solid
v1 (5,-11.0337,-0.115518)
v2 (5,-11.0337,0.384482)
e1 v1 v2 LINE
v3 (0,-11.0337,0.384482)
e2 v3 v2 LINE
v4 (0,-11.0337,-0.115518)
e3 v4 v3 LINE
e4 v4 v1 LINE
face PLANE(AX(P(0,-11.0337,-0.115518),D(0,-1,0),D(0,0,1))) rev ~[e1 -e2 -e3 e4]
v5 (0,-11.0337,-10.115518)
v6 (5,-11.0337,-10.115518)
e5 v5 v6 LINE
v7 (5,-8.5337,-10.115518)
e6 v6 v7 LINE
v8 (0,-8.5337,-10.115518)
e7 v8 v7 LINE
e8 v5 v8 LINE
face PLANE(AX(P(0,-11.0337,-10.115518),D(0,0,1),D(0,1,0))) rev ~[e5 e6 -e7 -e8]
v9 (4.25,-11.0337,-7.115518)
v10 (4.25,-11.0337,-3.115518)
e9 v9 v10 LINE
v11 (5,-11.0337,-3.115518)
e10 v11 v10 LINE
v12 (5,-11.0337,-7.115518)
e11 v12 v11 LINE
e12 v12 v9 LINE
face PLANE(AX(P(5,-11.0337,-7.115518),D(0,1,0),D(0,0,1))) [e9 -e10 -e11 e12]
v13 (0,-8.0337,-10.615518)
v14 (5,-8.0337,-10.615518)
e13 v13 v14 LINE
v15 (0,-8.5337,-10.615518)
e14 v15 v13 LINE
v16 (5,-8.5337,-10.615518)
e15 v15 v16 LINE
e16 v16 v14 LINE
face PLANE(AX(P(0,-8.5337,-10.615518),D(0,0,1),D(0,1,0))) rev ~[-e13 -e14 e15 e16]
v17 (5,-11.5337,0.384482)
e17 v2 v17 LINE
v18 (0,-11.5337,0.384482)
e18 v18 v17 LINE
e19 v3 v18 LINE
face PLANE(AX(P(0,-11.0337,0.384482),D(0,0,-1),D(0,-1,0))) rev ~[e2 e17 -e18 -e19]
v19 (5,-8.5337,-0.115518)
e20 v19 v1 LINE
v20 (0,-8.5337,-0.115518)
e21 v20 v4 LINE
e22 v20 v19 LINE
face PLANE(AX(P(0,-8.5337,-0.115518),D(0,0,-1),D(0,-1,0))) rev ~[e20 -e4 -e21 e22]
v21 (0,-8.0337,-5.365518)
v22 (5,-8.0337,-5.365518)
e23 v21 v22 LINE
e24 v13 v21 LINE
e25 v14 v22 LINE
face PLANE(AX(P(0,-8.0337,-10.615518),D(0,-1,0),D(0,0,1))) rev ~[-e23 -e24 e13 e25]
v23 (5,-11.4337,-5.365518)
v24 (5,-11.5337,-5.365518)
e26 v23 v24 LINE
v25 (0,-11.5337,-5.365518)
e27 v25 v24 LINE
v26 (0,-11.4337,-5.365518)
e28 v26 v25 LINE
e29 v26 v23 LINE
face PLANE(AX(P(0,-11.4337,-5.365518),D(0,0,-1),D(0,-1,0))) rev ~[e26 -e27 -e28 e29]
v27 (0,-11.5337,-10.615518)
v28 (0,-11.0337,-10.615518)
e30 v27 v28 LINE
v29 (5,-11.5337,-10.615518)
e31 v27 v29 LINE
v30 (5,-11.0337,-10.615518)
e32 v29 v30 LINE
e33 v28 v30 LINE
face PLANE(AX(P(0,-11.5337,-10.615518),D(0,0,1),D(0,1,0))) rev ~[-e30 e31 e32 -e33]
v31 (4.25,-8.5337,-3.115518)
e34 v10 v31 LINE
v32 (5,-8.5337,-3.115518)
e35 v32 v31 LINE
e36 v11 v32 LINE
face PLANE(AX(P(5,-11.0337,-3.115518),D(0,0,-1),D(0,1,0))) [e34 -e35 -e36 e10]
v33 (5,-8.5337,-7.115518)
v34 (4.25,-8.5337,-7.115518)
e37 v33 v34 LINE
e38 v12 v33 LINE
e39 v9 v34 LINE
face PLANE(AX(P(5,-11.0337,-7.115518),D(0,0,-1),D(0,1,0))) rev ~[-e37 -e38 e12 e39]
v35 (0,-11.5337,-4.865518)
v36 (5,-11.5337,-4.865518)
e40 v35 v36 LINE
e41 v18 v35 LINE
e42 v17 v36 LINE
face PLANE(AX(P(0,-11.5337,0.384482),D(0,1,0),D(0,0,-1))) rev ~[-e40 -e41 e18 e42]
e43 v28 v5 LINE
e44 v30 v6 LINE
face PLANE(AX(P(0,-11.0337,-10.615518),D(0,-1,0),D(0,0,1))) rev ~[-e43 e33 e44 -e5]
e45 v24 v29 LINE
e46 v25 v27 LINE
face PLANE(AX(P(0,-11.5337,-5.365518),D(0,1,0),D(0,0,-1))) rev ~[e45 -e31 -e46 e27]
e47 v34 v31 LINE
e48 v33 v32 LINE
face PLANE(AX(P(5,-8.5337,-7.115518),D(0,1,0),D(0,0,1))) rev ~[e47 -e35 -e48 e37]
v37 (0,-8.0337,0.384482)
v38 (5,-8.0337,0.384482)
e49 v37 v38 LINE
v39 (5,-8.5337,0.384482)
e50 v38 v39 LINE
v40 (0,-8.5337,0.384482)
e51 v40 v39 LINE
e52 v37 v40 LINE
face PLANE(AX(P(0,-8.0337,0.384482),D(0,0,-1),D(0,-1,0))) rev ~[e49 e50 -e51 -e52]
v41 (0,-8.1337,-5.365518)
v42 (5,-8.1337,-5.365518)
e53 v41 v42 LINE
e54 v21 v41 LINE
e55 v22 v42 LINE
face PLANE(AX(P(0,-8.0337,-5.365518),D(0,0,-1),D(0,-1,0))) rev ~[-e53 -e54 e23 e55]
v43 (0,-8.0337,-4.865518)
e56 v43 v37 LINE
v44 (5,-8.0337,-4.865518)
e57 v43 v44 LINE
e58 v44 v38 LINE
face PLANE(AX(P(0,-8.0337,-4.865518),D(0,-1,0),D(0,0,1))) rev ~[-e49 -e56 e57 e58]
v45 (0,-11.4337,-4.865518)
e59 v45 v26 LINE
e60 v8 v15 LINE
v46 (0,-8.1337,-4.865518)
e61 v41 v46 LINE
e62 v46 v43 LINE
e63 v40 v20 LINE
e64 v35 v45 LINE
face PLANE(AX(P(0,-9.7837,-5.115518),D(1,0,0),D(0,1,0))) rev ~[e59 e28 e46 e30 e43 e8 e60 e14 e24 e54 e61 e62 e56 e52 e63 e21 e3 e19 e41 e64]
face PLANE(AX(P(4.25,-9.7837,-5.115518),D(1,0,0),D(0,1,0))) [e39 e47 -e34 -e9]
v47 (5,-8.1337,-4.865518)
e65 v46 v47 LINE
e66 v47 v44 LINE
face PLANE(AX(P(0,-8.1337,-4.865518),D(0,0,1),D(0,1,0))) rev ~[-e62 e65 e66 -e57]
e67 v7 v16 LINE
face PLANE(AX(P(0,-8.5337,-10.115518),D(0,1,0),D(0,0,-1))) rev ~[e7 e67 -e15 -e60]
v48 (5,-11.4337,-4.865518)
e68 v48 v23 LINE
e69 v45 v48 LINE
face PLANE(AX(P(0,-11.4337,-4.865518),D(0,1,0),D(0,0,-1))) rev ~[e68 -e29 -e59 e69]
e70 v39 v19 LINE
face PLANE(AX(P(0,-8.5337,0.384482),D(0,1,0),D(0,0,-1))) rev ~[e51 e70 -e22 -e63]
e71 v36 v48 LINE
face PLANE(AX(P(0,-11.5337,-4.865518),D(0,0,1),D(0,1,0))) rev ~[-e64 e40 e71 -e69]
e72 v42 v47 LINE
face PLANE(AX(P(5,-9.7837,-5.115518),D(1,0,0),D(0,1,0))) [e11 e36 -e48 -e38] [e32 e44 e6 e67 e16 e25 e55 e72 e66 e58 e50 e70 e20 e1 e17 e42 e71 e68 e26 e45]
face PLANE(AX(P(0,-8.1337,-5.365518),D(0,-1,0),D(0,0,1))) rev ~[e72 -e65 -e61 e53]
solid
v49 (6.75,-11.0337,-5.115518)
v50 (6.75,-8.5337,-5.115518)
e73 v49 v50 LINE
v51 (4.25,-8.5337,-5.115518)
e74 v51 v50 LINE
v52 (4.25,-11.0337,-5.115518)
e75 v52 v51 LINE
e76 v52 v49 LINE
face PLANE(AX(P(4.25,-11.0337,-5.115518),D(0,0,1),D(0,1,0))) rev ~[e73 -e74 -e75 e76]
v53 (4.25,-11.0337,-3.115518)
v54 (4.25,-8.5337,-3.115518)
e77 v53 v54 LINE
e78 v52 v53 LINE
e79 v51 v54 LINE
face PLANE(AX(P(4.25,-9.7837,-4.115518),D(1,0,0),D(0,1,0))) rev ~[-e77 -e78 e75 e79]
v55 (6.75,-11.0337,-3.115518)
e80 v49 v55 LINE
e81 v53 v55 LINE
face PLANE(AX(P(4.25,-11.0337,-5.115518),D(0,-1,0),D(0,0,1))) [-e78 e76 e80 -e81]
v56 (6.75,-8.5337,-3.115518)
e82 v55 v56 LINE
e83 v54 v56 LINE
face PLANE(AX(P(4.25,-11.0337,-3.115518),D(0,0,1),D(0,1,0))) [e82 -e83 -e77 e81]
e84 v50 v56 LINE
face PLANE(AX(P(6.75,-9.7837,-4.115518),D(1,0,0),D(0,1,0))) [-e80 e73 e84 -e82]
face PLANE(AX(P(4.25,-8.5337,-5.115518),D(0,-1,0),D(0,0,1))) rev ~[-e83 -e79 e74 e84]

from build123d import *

# Parameters (mm, degrees)
F1_DEPTH = 5
F2_W     = 2.5
F2_H     = 4
F3_DEPTH = 0.75
F4_W     = 2.5
F4_H     = 2
F5_DEPTH = 2.5


with BuildPart() as f1:
    # F0 (on Right) → F1 (new body)
    with BuildSketch(Plane.YZ):
        Polygon((-11.0337002873, 0.3844816282), (-11.5337002873, 0.3844816282), (-11.5337002873, -4.8655183718), (-11.4337002873, -4.8655183718), (-11.4337002873, -5.3655183718), (-11.5337002873, -5.3655183718), (-11.5337002873, -10.6155183718), (-11.0337002873, -10.6155183718), (-11.0337002873, -10.1155183718), (-8.5337002873, -10.1155183718), (-8.5337002873, -10.6155183718), (-8.0337002873, -10.6155183718), (-8.0337002873, -5.3655183718), (-8.1337002873, -5.3655183718), (-8.1337002873, -4.8655183718), (-8.0337002873, -4.8655183718), (-8.0337002873, 0.3844816282), (-8.5337002873, 0.3844816282), (-8.5337002873, -0.1155183718), (-11.0337002873, -0.1155183718), align=None)
    extrude(amount=F1_DEPTH)

    # F2 (on face) → F3 (cut)
    with BuildSketch(Plane.YZ.offset(5)):
        with Locations((-9.7837002873, -5.1155183718)):
            Rectangle(F2_W, F2_H)
    extrude(amount=-F3_DEPTH, mode=Mode.SUBTRACT)


with BuildPart() as f5:
    # F4 (on face) → F5 (new body)
    with BuildSketch(Plane.YZ.offset(4.25)):
        with Locations((-9.7837002873, -4.1155183718)):
            Rectangle(F4_W, F4_H)
    extrude(amount=F5_DEPTH)


solid = Compound([f1.part, f5.part])
